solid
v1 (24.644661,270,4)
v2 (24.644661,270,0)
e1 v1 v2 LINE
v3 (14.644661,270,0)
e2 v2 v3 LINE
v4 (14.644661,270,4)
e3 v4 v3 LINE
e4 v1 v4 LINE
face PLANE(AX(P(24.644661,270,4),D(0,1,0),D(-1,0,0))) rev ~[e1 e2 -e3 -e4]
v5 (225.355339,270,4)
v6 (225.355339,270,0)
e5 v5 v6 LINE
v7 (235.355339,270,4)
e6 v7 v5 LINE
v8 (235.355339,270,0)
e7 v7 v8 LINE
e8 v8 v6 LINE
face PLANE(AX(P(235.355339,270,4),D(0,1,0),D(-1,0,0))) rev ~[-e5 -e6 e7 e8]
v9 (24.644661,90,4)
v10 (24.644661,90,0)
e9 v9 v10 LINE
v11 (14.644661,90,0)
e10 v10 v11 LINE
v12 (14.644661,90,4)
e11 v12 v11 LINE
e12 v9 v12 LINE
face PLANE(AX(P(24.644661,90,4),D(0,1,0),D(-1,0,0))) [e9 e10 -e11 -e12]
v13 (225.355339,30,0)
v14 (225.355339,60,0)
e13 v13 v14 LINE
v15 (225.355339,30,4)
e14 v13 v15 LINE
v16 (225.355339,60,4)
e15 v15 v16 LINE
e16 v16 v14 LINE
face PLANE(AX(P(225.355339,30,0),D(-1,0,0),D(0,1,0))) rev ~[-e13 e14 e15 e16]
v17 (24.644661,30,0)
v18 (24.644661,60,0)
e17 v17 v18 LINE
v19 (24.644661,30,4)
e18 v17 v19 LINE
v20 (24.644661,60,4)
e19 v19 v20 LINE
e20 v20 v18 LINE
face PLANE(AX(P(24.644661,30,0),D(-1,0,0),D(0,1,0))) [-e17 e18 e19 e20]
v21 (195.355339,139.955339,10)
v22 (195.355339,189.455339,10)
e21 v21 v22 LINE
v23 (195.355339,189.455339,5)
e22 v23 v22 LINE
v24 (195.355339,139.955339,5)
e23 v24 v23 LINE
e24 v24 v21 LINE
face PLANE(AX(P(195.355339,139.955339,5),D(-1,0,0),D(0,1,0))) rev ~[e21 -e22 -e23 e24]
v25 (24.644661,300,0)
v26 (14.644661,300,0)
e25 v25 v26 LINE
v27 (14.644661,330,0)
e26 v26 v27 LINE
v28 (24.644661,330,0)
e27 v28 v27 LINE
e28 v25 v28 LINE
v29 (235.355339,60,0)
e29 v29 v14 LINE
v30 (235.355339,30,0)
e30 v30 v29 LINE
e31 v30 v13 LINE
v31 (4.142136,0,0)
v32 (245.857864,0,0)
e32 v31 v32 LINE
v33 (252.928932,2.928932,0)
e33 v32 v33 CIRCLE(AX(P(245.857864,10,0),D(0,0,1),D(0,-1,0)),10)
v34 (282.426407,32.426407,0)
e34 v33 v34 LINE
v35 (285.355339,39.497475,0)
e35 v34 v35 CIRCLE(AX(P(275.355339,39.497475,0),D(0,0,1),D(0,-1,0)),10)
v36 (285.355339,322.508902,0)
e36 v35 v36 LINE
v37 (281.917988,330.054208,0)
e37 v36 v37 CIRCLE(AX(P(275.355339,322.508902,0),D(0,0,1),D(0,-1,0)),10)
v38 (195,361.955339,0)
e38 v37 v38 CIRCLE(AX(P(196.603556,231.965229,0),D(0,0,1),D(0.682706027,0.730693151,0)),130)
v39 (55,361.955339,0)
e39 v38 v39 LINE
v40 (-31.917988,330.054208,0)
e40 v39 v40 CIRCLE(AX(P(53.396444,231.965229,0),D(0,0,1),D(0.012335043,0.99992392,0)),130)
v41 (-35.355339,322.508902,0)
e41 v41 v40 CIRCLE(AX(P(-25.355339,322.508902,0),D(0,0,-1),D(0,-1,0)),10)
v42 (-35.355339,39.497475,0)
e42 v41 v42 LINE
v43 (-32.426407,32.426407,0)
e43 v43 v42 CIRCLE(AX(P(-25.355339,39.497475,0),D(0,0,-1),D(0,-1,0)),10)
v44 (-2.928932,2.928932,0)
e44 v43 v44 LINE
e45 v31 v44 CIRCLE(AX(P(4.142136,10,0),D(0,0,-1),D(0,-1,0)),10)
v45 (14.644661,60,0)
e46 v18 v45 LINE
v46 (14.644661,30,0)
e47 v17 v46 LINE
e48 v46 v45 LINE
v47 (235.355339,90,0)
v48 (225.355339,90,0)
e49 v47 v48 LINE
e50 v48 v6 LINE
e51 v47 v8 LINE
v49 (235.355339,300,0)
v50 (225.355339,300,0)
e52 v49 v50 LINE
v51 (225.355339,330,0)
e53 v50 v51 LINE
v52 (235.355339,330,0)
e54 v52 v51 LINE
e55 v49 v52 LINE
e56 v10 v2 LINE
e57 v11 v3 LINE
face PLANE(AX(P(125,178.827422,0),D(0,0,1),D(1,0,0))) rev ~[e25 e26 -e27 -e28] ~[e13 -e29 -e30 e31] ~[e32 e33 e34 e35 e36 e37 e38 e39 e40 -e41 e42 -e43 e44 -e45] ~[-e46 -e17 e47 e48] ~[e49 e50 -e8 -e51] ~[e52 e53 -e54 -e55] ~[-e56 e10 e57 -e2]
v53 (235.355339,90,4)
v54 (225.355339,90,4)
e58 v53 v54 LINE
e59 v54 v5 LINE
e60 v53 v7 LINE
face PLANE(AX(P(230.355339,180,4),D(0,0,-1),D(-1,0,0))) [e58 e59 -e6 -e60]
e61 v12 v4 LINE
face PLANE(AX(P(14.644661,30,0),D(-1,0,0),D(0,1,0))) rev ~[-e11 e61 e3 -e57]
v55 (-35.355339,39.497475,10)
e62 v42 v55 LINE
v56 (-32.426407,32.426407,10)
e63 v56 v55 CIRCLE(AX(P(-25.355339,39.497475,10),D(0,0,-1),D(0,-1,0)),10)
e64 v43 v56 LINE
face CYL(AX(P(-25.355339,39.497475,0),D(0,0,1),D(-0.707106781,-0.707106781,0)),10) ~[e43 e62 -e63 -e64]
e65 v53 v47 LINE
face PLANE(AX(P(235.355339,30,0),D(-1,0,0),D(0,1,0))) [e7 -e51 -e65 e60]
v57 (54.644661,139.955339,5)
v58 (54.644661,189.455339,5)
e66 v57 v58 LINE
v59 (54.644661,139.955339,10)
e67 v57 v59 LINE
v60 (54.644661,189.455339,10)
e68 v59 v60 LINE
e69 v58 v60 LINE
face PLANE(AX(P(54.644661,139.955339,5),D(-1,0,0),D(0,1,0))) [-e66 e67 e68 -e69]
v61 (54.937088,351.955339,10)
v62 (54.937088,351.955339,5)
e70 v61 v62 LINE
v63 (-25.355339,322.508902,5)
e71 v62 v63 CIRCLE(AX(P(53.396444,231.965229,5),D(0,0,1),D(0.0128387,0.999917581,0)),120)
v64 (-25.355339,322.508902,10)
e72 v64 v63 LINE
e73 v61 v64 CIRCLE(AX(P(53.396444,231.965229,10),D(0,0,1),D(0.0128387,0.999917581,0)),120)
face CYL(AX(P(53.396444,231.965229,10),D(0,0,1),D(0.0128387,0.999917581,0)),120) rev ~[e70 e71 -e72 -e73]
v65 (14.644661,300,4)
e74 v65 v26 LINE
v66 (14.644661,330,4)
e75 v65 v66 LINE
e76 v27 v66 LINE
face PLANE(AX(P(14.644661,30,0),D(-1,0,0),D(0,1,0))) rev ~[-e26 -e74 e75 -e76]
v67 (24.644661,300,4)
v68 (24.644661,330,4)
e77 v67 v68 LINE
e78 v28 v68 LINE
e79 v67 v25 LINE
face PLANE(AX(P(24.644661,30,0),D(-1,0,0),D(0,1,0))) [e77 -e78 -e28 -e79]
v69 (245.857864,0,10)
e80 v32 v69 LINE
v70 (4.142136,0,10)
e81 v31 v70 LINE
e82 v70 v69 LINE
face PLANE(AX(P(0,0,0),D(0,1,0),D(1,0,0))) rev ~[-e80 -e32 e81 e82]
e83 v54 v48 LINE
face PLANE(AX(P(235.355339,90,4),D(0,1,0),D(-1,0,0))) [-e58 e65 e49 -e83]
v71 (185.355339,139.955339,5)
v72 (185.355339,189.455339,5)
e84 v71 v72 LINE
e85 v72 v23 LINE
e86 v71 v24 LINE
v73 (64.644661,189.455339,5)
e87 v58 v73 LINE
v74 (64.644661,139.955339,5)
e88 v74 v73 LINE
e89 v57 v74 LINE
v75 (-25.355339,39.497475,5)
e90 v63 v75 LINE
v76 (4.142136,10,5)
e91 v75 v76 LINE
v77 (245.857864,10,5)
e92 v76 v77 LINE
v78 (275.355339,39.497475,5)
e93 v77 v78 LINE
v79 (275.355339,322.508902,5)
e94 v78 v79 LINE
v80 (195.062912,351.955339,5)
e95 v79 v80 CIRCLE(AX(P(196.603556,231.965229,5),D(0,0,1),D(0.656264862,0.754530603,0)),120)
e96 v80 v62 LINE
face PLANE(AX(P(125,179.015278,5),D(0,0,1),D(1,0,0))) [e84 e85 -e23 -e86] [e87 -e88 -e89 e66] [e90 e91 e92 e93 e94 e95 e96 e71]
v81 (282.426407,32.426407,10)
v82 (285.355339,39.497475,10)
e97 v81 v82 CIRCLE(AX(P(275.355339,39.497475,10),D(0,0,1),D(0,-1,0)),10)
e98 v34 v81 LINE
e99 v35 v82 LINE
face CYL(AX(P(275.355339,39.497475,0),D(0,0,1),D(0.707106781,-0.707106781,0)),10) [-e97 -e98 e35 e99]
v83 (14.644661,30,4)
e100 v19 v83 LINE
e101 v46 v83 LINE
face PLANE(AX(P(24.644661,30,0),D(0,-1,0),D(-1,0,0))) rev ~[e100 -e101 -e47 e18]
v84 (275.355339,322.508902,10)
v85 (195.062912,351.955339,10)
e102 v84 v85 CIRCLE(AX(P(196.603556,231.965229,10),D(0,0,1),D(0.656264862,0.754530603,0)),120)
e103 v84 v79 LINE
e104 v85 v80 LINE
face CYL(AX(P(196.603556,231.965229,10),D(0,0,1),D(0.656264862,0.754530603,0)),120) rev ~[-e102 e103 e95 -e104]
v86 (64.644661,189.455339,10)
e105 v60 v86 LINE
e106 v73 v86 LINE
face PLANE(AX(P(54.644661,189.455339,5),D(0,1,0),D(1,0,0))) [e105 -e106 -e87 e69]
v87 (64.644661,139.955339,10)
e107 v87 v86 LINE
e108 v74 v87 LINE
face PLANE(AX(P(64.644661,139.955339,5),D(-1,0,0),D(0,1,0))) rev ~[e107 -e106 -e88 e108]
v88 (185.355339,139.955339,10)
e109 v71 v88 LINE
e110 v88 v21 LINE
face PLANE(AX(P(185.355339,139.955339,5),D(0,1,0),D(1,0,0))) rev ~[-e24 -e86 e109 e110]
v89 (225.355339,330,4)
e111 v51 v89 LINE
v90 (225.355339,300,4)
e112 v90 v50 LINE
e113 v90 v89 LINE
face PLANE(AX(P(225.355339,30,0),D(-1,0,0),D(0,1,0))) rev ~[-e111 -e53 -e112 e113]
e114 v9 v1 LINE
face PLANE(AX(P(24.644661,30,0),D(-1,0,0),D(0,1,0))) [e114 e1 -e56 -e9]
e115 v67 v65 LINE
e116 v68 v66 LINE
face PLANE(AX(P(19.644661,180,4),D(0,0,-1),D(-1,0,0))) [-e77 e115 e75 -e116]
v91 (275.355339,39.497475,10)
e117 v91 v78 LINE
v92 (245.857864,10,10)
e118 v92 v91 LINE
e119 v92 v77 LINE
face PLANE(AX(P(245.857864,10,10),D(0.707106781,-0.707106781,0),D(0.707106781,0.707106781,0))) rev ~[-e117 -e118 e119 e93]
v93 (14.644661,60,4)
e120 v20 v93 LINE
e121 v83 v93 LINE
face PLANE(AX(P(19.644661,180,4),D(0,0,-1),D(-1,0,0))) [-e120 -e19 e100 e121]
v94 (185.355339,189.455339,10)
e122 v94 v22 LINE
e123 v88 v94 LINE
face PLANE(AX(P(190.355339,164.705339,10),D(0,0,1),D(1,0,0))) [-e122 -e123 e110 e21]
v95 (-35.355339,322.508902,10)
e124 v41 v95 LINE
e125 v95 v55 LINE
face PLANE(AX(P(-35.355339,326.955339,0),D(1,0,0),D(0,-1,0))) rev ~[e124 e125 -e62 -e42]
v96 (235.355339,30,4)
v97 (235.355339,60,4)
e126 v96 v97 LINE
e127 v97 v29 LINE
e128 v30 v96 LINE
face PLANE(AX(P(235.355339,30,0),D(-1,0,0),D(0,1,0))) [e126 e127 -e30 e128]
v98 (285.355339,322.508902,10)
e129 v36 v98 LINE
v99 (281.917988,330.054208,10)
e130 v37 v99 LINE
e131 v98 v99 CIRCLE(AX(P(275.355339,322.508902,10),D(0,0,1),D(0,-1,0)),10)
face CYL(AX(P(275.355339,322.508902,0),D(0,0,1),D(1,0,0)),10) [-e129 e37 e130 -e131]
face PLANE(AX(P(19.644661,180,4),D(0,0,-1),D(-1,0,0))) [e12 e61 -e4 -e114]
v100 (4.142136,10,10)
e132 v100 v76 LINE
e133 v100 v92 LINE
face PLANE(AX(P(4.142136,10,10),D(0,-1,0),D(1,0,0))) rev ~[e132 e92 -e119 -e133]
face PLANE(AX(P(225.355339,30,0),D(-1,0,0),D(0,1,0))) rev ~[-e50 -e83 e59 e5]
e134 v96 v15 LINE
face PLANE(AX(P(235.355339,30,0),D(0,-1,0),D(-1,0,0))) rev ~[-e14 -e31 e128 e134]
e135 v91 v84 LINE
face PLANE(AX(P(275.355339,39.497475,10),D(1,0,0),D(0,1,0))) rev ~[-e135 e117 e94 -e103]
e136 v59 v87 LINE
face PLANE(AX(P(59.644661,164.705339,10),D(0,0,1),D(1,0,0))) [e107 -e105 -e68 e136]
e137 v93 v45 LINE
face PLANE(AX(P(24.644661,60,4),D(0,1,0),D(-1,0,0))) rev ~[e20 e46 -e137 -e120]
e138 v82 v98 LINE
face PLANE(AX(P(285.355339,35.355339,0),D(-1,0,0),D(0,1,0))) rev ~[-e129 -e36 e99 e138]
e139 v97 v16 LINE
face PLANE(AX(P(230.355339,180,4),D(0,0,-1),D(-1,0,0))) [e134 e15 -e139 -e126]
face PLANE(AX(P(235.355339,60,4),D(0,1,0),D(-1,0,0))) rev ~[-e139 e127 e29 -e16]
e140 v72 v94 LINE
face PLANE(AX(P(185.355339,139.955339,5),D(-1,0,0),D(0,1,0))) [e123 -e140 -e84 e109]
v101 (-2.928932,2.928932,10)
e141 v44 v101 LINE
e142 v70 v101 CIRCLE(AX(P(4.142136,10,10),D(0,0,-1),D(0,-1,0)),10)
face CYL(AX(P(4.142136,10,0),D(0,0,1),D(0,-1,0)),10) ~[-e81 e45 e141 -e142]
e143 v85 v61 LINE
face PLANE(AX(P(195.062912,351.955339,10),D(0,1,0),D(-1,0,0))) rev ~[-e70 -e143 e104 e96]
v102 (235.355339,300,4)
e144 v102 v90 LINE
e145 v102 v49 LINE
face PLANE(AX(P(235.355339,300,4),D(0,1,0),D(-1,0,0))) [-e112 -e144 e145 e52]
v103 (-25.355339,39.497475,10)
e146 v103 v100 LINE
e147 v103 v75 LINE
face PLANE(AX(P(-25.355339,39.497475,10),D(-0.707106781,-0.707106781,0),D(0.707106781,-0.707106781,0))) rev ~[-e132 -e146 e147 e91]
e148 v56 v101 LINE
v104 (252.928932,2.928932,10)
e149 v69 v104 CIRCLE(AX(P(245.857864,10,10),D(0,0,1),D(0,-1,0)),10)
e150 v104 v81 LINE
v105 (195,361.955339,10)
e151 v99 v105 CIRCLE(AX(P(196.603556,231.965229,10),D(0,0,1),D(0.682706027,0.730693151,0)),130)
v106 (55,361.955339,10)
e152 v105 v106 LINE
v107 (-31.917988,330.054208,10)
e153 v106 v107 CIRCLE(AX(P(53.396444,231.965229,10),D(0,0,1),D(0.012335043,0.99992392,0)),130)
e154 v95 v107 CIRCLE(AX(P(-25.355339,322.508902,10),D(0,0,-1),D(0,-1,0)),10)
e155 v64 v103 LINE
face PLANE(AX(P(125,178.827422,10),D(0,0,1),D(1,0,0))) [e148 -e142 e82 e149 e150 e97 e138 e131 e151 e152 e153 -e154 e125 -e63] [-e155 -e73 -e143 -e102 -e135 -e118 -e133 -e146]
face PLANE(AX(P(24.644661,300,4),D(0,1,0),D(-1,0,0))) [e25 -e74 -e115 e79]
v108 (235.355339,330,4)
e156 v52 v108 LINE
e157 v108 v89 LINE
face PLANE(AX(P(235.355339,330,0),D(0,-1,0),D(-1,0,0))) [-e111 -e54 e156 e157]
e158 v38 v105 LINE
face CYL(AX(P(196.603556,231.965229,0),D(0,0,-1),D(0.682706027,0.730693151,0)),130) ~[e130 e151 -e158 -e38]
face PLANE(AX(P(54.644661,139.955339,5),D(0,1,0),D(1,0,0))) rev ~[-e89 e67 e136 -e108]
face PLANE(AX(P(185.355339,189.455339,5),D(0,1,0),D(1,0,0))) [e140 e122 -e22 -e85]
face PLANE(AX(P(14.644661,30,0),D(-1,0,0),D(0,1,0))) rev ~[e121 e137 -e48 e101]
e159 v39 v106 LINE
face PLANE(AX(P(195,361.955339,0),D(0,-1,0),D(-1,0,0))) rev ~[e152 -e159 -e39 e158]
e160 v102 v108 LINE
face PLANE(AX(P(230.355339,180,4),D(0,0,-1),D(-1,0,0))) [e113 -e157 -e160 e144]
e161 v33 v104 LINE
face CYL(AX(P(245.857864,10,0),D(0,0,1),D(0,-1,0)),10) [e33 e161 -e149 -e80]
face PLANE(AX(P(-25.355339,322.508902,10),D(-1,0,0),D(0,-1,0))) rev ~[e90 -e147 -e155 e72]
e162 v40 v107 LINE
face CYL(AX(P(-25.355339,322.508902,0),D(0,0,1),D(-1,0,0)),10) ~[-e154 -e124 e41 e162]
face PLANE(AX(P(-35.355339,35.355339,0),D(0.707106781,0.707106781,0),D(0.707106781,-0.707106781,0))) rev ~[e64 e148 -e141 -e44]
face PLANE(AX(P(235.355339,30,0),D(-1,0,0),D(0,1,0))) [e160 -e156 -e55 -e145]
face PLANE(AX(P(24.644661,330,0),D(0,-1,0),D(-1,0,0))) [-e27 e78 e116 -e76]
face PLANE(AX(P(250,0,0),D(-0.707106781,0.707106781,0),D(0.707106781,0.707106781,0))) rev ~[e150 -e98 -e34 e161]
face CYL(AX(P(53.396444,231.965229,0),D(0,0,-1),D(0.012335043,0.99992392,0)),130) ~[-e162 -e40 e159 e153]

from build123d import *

# Parameters (mm, degrees)
BOSS_EXTRUDE1_DEPTH = 10
CUT_EXTRUDE3_DEPTH  = 5
SKETCH5_W           = 10
SKETCH5_H           = 49.5
BOSS_EXTRUDE2_DEPTH = 5
FILLET1_R           = 10
SKETCH6_W           = 10
SKETCH6_H           = 300
CUT_EXTRUDE5_DEPTH  = 4
SKETCH8_W           = 10
SKETCH8_H           = 30
BOSS_EXTRUDE3_DEPTH = 4
SKETCH10_W          = 10
SKETCH10_H          = 300
CUT_EXTRUDE6_DEPTH  = 4
SKETCH11_W          = 10
SKETCH11_H          = 30
BOSS_EXTRUDE4_DEPTH = 4


with BuildPart() as part:
    # Sketch1 → Boss-Extrude1 (new body)
    with BuildSketch(Plane.XY):
        with BuildLine():
            Line((0, 0), (250, 0))
            Line((250, 0), (285.355339059, 35.355339059))
            Line((285.355339059, 35.355339059), (285.355339059, 326.955339059))
            ThreePointArc((285.355339059, 326.955339059), (243.560486982, 353.188356712), (195, 361.955339059))
            Line((195, 361.955339059), (55, 361.955339059))
            ThreePointArc((55, 361.955339059), (6.439513018, 353.188356712), (-35.355339059, 326.955339059))
            Line((-35.355339059, 326.955339059), (-35.355339059, 35.355339059))
            Line((-35.355339059, 35.355339059), (0, 0))
        make_face()
    extrude(amount=BOSS_EXTRUDE1_DEPTH)

    # Sketch4 → Cut-Extrude3 (cut)
    with BuildSketch(Plane.XY.offset(10)):
        with BuildLine():
            Line((-25.355339059, 39.497474683), (4.142135624, 10))
            Line((4.142135624, 10), (245.857864376, 10))
            Line((245.857864376, 10), (275.355339059, 39.497474683))
            Line((275.355339059, 39.497474683), (275.355339059, 322.508901748))
            ThreePointArc((275.355339059, 322.508901748), (237.921386907, 344.627720124), (195.062911656, 351.955339059))
            Line((195.062911656, 351.955339059), (54.937088344, 351.955339059))
            ThreePointArc((54.937088344, 351.955339059), (12.078613093, 344.627720124), (-25.355339059, 322.508901748))
            Line((-25.355339059, 322.508901748), (-25.355339059, 39.497474683))
        make_face()
    extrude(amount=-CUT_EXTRUDE3_DEPTH, mode=Mode.SUBTRACT)

    # Sketch5 → Boss-Extrude2 (add)
    with BuildSketch(Plane.XY.offset(5)):
        with Locations((59.644660941, 164.705339059)):
            Rectangle(SKETCH5_W, SKETCH5_H)
        with Locations((190.355339059, 164.705339059)):
            Rectangle(SKETCH5_W, SKETCH5_H)
    extrude(amount=BOSS_EXTRUDE2_DEPTH)

    # Fillet1
    fillet1_edges = [part.edges().sort_by_distance(p)[0] for p in [
        (-35.355339059, 35.355339059, 5),
        (-35.355339059, 326.955339059, 5),
        (285.355339059, 326.955339059, 5),
        (285.355339059, 35.355339059, 5),
        (250, 0, 5),
        (0, 0, 5),
    ]]
    fillet(fillet1_edges, radius=FILLET1_R)

    # Sketch6 → Cut-Extrude5 (cut)
    with BuildSketch(Plane(origin=(0, 0, 0), x_dir=(-1, 0, 0), z_dir=(0, 0, -1))):
        with Locations((-230.355339059, 180)):
            Rectangle(SKETCH6_W, SKETCH6_H)
    extrude(amount=-CUT_EXTRUDE5_DEPTH, mode=Mode.SUBTRACT)

    # Sketch8 → Boss-Extrude3 (add)
    with BuildSketch(Plane(origin=(0, 0, 4), x_dir=(-1, 0, 0), z_dir=(0, 0, -1))):
        with Locations((-230.355339059, 285)):
            Rectangle(SKETCH8_W, SKETCH8_H)
        with Locations((-230.355339059, 75)):
            Rectangle(SKETCH8_W, SKETCH8_H)
    extrude(amount=BOSS_EXTRUDE3_DEPTH)

    # Sketch10 → Cut-Extrude6 (cut)
    with BuildSketch(Plane(origin=(0, 0, 0), x_dir=(-1, 0, 0), z_dir=(0, 0, -1))):
        with Locations((-19.644660941, 180)):
            Rectangle(SKETCH10_W, SKETCH10_H)
    extrude(amount=-CUT_EXTRUDE6_DEPTH, mode=Mode.SUBTRACT)

    # Sketch11 → Boss-Extrude4 (add)
    with BuildSketch(Plane(origin=(0, 0, 4), x_dir=(-1, 0, 0), z_dir=(0, 0, -1))):
        with Locations((-19.644660941, 75)):
            Rectangle(SKETCH11_W, SKETCH11_H)
        with Locations((-19.644660941, 285)):
            Rectangle(SKETCH11_W, SKETCH11_H)
    extrude(amount=BOSS_EXTRUDE4_DEPTH)


solid = part.part
